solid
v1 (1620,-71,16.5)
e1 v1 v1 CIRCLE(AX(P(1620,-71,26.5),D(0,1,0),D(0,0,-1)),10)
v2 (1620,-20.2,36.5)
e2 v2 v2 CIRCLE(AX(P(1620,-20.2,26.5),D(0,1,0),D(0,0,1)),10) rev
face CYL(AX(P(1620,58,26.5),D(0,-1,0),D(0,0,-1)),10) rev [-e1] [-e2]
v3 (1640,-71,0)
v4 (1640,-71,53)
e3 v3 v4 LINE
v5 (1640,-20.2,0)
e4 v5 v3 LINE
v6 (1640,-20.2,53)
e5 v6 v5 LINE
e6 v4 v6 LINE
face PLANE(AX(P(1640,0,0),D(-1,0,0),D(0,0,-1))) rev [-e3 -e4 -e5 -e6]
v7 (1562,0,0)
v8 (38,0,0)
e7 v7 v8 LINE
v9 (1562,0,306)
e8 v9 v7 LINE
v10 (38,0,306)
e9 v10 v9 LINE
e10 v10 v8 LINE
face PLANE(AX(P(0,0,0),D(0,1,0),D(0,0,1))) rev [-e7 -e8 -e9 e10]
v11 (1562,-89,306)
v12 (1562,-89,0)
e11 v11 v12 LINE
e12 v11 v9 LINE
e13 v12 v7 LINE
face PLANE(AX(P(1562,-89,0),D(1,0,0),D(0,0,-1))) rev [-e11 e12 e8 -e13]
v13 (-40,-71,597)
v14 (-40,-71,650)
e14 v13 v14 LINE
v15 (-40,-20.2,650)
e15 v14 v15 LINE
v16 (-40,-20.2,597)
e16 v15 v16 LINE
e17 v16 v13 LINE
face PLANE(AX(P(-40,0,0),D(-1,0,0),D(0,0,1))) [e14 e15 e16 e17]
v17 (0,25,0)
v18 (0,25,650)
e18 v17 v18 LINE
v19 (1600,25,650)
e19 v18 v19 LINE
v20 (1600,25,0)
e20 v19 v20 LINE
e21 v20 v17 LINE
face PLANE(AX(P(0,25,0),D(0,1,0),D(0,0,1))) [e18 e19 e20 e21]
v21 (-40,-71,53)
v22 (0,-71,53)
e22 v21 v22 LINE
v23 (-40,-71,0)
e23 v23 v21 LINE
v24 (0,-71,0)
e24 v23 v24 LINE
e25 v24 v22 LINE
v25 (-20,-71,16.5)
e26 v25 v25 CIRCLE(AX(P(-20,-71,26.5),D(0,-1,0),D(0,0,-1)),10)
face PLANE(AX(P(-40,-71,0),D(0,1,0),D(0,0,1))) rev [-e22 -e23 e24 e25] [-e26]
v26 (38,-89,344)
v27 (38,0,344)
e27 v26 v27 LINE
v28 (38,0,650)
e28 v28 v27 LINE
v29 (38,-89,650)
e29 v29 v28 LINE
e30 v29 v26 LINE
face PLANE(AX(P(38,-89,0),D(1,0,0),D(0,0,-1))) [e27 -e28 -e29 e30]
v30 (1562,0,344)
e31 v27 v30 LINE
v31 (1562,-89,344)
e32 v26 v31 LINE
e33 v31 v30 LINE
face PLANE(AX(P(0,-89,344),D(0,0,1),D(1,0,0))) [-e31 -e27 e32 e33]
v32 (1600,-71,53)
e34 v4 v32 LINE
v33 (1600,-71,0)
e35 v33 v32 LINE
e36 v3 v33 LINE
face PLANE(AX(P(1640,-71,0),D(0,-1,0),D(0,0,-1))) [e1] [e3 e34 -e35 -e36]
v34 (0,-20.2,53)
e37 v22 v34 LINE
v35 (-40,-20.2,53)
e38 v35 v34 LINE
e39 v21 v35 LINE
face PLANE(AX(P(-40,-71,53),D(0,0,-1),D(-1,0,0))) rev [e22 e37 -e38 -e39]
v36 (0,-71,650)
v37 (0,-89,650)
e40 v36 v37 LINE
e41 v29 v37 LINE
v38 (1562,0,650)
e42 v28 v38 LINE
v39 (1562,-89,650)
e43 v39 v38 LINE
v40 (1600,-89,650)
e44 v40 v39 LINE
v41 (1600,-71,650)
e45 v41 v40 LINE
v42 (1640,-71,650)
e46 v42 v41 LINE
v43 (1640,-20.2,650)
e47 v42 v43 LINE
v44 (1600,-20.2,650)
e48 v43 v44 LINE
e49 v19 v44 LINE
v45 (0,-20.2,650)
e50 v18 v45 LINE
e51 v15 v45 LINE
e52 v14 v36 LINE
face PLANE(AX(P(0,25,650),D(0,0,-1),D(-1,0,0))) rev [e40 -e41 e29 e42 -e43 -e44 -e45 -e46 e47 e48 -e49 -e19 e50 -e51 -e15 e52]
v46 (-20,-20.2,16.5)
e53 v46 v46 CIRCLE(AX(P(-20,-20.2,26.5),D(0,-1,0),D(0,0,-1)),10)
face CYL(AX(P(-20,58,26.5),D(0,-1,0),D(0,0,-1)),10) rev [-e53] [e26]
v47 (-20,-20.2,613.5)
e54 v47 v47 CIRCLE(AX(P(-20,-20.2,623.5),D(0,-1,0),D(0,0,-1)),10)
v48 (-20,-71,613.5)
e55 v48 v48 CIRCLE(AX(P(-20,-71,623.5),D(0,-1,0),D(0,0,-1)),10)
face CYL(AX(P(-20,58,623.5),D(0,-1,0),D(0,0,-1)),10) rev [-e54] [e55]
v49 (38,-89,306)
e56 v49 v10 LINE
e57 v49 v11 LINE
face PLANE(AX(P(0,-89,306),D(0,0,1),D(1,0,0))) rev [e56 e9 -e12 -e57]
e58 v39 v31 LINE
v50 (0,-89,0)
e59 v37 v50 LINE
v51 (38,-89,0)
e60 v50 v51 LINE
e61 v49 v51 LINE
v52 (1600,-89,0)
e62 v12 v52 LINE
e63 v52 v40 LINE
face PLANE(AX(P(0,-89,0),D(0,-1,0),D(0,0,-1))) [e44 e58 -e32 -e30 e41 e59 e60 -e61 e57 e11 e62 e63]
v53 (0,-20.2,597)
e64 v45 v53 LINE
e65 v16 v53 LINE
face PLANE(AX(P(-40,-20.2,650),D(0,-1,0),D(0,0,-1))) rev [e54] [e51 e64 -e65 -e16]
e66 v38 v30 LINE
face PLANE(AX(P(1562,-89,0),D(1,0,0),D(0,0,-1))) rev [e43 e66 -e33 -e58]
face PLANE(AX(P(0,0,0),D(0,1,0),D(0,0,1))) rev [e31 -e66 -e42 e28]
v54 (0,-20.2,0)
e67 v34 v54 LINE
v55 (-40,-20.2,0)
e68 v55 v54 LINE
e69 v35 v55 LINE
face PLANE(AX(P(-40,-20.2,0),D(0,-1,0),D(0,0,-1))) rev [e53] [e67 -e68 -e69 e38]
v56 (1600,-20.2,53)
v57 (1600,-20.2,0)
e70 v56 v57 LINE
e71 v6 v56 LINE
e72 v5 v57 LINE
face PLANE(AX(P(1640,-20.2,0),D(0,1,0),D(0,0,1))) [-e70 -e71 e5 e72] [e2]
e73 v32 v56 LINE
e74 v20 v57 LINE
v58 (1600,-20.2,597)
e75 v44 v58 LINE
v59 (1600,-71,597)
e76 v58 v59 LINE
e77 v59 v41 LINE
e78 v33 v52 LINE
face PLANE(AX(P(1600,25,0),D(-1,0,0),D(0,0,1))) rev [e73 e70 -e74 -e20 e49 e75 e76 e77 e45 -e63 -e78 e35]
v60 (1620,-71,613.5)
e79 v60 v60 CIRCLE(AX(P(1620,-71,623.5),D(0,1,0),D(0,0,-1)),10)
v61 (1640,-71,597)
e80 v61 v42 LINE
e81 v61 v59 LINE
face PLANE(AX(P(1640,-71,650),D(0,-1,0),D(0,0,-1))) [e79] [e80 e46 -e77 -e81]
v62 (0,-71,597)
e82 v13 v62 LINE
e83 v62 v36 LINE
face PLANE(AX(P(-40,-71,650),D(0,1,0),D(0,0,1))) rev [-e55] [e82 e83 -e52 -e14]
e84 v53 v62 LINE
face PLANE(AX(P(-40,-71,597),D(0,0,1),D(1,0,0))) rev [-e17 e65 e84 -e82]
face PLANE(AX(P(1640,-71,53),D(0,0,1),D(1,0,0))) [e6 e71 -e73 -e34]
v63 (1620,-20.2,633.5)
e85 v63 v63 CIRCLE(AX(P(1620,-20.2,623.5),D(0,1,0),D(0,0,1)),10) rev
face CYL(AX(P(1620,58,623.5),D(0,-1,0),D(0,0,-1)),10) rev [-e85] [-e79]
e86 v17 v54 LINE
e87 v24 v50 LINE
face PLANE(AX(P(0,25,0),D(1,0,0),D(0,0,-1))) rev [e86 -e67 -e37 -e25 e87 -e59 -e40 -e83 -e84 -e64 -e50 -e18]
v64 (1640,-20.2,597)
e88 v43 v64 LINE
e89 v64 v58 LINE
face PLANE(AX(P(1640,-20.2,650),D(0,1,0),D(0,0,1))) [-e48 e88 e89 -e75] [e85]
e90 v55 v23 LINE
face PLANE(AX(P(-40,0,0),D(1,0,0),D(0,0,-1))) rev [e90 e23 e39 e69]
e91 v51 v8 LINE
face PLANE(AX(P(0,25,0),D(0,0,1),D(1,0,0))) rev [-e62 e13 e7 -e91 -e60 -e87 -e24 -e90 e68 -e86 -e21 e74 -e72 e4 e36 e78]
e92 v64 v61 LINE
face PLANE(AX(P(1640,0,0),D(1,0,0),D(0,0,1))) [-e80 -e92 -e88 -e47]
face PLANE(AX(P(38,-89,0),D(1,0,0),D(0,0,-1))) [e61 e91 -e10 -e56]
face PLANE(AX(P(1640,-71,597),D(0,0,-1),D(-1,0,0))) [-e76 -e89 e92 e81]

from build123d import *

# Parameters (mm, degrees)
SKETCH1_W           = 1600
SKETCH1_H           = 650
BOSS_EXTRUDE1_DEPTH = 25
BOSS_EXTRUDE2_DEPTH = 89
SKETCH3_W           = 53
SKETCH3_H           = 50.8
BOSS_EXTRUDE3_DEPTH = 40
SKETCH4_R           = 10
CUT_EXTRUDE1_DEPTH  = 129


with BuildPart() as part:
    # Sketch1 → Boss-Extrude1 (new body)
    with BuildSketch(Plane(origin=(0, 0, 0), x_dir=(1, 0, 0), z_dir=(0, 1, 0))):
        with Locations((800, -325)):
            Rectangle(SKETCH1_W, SKETCH1_H)
    extrude(amount=BOSS_EXTRUDE1_DEPTH)

    # Sketch2 → Boss-Extrude2 (add)
    with BuildSketch(Plane.XZ):
        Polygon((38, 306), (38, 0), (0, 0), (0, 650), (38, 650), (38, 344), (1562, 344), (1562, 650), (1600, 650), (1600, 0), (1562, 0), (1562, 306), align=None)
    extrude(amount=BOSS_EXTRUDE2_DEPTH)

    # Sketch3 → Boss-Extrude3 (add)
    with BuildSketch(Plane.ZY):
        with Locations((26.5, -45.6)):
            Rectangle(SKETCH3_W, SKETCH3_H)
        with Locations((623.5, -45.6)):
            Rectangle(SKETCH3_W, SKETCH3_H)
    boss_extrude3 = extrude(amount=BOSS_EXTRUDE3_DEPTH)

    # Sketch4 → Cut-Extrude1 (cut)
    with BuildSketch(Plane.XZ.offset(71)):
        with Locations((-20, 26.5)):
            Circle(SKETCH4_R)
        with Locations((-20, 623.5)):
            Circle(SKETCH4_R)
    cut_extrude1 = extrude(amount=-CUT_EXTRUDE1_DEPTH, mode=Mode.SUBTRACT)

    # Mirror1: Boss-Extrude3, Cut-Extrude1 across plane
    add(boss_extrude3.mirror(Plane(origin=(800, 0, 0), x_dir=(0, 0, 1), z_dir=(1, 0, 0))))
    add(cut_extrude1.mirror(Plane(origin=(800, 0, 0), x_dir=(0, 0, 1), z_dir=(1, 0, 0))), mode=Mode.SUBTRACT)


solid = part.part
